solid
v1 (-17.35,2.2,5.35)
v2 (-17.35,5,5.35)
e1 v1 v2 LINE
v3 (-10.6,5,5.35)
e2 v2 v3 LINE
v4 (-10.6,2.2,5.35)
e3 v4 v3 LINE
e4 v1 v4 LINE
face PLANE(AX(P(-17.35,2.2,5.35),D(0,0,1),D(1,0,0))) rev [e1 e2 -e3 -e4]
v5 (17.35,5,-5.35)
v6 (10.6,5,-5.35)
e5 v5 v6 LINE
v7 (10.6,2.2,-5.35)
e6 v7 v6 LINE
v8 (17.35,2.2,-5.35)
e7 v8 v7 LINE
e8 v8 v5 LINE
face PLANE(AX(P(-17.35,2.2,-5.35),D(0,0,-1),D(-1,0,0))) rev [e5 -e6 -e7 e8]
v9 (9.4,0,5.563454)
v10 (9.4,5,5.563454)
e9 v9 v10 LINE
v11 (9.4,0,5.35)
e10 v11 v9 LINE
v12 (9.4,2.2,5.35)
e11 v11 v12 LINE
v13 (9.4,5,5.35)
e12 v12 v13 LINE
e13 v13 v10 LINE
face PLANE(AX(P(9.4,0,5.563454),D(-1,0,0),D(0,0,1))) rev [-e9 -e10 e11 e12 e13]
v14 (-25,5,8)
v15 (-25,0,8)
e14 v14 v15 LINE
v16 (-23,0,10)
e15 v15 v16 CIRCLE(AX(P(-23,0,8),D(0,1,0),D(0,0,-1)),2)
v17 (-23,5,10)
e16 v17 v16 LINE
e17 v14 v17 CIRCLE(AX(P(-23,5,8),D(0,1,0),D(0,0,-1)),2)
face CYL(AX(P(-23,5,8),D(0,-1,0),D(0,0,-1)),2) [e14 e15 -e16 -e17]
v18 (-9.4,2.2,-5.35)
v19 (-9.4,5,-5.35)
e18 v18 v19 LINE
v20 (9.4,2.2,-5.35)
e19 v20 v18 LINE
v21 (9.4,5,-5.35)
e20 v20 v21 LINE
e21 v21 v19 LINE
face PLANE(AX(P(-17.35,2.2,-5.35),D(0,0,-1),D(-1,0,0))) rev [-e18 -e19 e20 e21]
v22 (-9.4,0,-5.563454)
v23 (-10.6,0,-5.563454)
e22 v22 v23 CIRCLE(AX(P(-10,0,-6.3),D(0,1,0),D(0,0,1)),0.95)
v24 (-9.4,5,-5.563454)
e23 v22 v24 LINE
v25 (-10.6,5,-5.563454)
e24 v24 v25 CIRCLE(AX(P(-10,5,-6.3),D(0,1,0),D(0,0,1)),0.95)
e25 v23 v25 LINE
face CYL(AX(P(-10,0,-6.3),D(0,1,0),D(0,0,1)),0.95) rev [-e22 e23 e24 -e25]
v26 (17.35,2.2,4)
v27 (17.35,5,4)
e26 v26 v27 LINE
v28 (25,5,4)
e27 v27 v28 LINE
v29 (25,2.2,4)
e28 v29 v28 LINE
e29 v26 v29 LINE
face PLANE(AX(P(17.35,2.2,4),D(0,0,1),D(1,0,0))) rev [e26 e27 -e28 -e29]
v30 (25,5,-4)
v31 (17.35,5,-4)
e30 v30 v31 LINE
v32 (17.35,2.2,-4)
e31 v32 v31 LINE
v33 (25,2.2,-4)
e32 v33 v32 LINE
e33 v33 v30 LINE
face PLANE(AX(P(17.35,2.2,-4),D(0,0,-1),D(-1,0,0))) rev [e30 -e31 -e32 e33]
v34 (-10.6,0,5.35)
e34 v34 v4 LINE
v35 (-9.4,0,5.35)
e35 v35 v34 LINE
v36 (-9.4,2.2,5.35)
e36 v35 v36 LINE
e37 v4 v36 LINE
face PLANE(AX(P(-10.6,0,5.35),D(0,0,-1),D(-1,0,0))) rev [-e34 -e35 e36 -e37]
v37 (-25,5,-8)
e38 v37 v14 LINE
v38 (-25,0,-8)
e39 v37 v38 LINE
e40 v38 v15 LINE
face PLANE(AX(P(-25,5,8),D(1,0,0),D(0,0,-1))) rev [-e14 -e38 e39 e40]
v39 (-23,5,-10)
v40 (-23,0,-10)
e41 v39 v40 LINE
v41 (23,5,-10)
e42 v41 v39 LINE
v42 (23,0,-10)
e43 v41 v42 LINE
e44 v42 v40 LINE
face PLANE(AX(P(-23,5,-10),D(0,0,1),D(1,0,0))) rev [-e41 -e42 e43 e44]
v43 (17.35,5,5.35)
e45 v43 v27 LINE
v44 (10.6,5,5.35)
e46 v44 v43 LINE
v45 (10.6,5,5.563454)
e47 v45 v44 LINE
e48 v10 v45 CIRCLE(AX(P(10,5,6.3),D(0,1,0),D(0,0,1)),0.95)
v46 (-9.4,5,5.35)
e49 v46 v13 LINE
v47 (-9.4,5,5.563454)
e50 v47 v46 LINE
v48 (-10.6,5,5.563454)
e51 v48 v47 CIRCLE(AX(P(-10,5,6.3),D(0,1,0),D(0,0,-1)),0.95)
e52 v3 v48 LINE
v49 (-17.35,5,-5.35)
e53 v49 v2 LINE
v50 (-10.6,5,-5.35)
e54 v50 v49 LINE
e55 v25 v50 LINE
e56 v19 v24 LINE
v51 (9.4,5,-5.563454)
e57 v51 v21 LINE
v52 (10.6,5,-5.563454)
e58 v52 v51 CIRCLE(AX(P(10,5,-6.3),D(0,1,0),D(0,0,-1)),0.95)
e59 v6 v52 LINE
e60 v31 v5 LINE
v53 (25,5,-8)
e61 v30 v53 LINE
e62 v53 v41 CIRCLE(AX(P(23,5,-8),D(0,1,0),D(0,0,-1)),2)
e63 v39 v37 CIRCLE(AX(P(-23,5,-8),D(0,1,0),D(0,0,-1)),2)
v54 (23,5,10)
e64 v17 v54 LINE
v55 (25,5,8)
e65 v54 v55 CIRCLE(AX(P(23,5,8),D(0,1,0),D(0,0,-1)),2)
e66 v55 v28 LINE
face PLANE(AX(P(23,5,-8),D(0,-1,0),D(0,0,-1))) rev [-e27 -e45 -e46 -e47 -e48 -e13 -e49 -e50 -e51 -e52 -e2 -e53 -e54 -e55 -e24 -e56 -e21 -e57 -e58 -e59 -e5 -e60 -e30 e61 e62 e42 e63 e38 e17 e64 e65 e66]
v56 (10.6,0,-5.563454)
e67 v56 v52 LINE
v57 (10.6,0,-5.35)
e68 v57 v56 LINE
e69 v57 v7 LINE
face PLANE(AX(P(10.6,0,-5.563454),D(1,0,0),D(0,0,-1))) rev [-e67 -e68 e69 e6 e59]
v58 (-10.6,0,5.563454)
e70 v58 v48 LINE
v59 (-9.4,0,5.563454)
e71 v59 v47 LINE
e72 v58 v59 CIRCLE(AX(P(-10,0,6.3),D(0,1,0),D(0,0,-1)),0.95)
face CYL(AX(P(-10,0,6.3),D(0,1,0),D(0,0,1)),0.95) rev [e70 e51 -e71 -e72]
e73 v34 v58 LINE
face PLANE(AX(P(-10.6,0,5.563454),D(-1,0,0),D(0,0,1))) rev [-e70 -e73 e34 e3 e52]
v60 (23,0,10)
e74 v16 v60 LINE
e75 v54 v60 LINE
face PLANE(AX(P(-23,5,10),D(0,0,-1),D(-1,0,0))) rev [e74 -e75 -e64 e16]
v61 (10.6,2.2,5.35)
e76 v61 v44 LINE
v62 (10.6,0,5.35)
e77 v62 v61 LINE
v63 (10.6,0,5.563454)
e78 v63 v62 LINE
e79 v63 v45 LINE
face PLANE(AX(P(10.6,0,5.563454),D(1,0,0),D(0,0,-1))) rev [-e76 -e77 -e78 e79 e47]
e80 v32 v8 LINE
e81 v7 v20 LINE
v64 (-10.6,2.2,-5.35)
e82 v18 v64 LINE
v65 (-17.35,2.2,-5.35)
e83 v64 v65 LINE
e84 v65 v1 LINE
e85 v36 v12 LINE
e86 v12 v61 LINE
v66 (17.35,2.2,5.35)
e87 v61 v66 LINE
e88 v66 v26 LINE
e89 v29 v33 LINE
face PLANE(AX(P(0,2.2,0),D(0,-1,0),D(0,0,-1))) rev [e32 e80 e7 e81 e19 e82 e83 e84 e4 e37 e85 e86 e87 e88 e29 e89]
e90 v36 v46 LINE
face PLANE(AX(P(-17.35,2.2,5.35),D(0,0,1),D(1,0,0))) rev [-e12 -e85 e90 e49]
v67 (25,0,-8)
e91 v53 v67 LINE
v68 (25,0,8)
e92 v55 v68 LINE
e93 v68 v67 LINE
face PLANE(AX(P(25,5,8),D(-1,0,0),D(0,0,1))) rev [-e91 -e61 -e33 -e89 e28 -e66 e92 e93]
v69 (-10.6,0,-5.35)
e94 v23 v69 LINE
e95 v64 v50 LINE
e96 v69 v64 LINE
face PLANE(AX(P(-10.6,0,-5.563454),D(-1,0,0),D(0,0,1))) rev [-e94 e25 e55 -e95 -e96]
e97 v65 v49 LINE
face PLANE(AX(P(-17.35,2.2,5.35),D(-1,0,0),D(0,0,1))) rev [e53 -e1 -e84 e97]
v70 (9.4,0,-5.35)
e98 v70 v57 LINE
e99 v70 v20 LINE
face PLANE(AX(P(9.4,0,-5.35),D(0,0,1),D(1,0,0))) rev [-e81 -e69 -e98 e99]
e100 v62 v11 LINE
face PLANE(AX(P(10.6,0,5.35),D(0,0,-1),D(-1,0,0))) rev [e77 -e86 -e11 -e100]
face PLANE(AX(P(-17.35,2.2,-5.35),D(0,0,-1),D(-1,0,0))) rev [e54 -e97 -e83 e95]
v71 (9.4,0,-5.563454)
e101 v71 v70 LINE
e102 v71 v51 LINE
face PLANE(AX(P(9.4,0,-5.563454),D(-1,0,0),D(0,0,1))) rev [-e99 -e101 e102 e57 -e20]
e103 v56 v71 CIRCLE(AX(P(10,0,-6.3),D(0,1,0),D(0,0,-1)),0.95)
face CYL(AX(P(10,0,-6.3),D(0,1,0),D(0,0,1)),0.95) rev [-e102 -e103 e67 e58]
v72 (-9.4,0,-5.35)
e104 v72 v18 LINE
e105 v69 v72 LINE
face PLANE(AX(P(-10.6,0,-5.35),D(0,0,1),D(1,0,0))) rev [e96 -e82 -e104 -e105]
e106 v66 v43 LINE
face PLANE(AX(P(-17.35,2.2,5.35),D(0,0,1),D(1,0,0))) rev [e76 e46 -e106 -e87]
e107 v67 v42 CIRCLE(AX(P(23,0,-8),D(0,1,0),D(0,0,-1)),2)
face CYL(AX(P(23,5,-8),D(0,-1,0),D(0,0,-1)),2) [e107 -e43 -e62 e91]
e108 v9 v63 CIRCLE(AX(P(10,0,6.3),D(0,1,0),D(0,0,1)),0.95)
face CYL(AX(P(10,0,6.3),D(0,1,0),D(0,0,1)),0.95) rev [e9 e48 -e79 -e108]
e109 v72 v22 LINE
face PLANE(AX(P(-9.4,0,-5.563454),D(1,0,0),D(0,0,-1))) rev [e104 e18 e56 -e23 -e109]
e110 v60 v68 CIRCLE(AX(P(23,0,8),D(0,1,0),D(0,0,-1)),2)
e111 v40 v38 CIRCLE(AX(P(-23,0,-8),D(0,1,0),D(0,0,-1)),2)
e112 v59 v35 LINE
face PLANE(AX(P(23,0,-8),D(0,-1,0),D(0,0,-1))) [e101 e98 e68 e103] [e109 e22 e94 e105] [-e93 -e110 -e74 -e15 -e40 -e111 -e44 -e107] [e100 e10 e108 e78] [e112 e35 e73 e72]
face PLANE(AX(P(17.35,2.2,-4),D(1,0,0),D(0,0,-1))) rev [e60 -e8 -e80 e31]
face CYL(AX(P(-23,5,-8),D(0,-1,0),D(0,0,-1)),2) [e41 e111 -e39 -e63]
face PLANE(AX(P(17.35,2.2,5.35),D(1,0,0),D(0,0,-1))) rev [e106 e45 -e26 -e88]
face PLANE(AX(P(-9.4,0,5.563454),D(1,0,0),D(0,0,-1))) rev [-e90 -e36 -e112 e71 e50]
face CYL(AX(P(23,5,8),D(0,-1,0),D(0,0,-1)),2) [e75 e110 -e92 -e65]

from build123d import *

# Parameters (mm, degrees)
EXTRUDE_1_DEPTH     = 5
CUT_EXTRUDE_1_DEPTH = 2.8
CUT_EXTRUDE_2_DEPTH = 5


with BuildPart() as part:
    # 草圖1 → 填料-伸長1 (new body)
    with BuildSketch(Plane(origin=(0, 0, 0), x_dir=(1, 0, 0), z_dir=(0, 1, 0))):
        with BuildLine():
            Line((-23, -10), (23, -10))
            ThreePointArc((23, -10), (24.414213562, -9.414213562), (25, -8))
            Line((25, -8), (25, 8))
            ThreePointArc((25, 8), (24.414213562, 9.414213562), (23, 10))
            Line((23, 10), (-23, 10))
            ThreePointArc((-23, 10), (-24.414213562, 9.414213562), (-25, 8))
            Line((-25, 8), (-25, -8))
            ThreePointArc((-25, -8), (-24.414213562, -9.414213562), (-23, -10))
        make_face()
    extrude(amount=EXTRUDE_1_DEPTH)

    # 草圖2 → 除料-伸長1 (cut)
    with BuildSketch(Plane(origin=(0, 5, 0), x_dir=(1, 0, 0), z_dir=(0, 1, 0))):
        Polygon((-17.35, -5.35), (17.35, -5.35), (17.35, -4), (25, -4), (25, 4), (17.35, 4), (17.35, 5.35), (-17.35, 5.35), align=None)
    extrude(amount=-CUT_EXTRUDE_1_DEPTH, mode=Mode.SUBTRACT)

    # 草圖3 → 除料-伸長2 (cut)
    with BuildSketch(Plane(origin=(0, 5, 0), x_dir=(1, 0, 0), z_dir=(0, 1, 0))):
        with BuildLine():
            Line((-10.6, 5.563454007), (-10.6, 5.35))
            Line((-10.6, 5.35), (-9.4, 5.35))
            Line((-9.4, 5.35), (-9.4, 5.563454007))
            ThreePointArc((-9.4, 5.563454007), (-10, 7.25), (-10.6, 5.563454007))
        make_face()
        with BuildLine():
            Line((-10.6, -5.35), (-9.4, -5.35))
            Line((-9.4, -5.35), (-9.4, -5.563454007))
            ThreePointArc((-9.4, -5.563454007), (-10, -7.25), (-10.6, -5.563454007))
            Line((-10.6, -5.563454007), (-10.6, -5.35))
        make_face()
        with BuildLine():
            Line((10.6, 5.563454007), (10.6, 5.35))
            Line((10.6, 5.35), (9.4, 5.35))
            Line((9.4, 5.35), (9.4, 5.563454007))
            ThreePointArc((9.4, 5.563454007), (10, 7.25), (10.6, 5.563454007))
        make_face()
        with BuildLine():
            Line((9.4, -5.563454007), (9.4, -5.35))
            Line((9.4, -5.35), (10.6, -5.35))
            Line((10.6, -5.35), (10.6, -5.563454007))
            ThreePointArc((10.6, -5.563454007), (10, -7.25), (9.4, -5.563454007))
        make_face()
    extrude(amount=-CUT_EXTRUDE_2_DEPTH, mode=Mode.SUBTRACT)


solid = part.part
